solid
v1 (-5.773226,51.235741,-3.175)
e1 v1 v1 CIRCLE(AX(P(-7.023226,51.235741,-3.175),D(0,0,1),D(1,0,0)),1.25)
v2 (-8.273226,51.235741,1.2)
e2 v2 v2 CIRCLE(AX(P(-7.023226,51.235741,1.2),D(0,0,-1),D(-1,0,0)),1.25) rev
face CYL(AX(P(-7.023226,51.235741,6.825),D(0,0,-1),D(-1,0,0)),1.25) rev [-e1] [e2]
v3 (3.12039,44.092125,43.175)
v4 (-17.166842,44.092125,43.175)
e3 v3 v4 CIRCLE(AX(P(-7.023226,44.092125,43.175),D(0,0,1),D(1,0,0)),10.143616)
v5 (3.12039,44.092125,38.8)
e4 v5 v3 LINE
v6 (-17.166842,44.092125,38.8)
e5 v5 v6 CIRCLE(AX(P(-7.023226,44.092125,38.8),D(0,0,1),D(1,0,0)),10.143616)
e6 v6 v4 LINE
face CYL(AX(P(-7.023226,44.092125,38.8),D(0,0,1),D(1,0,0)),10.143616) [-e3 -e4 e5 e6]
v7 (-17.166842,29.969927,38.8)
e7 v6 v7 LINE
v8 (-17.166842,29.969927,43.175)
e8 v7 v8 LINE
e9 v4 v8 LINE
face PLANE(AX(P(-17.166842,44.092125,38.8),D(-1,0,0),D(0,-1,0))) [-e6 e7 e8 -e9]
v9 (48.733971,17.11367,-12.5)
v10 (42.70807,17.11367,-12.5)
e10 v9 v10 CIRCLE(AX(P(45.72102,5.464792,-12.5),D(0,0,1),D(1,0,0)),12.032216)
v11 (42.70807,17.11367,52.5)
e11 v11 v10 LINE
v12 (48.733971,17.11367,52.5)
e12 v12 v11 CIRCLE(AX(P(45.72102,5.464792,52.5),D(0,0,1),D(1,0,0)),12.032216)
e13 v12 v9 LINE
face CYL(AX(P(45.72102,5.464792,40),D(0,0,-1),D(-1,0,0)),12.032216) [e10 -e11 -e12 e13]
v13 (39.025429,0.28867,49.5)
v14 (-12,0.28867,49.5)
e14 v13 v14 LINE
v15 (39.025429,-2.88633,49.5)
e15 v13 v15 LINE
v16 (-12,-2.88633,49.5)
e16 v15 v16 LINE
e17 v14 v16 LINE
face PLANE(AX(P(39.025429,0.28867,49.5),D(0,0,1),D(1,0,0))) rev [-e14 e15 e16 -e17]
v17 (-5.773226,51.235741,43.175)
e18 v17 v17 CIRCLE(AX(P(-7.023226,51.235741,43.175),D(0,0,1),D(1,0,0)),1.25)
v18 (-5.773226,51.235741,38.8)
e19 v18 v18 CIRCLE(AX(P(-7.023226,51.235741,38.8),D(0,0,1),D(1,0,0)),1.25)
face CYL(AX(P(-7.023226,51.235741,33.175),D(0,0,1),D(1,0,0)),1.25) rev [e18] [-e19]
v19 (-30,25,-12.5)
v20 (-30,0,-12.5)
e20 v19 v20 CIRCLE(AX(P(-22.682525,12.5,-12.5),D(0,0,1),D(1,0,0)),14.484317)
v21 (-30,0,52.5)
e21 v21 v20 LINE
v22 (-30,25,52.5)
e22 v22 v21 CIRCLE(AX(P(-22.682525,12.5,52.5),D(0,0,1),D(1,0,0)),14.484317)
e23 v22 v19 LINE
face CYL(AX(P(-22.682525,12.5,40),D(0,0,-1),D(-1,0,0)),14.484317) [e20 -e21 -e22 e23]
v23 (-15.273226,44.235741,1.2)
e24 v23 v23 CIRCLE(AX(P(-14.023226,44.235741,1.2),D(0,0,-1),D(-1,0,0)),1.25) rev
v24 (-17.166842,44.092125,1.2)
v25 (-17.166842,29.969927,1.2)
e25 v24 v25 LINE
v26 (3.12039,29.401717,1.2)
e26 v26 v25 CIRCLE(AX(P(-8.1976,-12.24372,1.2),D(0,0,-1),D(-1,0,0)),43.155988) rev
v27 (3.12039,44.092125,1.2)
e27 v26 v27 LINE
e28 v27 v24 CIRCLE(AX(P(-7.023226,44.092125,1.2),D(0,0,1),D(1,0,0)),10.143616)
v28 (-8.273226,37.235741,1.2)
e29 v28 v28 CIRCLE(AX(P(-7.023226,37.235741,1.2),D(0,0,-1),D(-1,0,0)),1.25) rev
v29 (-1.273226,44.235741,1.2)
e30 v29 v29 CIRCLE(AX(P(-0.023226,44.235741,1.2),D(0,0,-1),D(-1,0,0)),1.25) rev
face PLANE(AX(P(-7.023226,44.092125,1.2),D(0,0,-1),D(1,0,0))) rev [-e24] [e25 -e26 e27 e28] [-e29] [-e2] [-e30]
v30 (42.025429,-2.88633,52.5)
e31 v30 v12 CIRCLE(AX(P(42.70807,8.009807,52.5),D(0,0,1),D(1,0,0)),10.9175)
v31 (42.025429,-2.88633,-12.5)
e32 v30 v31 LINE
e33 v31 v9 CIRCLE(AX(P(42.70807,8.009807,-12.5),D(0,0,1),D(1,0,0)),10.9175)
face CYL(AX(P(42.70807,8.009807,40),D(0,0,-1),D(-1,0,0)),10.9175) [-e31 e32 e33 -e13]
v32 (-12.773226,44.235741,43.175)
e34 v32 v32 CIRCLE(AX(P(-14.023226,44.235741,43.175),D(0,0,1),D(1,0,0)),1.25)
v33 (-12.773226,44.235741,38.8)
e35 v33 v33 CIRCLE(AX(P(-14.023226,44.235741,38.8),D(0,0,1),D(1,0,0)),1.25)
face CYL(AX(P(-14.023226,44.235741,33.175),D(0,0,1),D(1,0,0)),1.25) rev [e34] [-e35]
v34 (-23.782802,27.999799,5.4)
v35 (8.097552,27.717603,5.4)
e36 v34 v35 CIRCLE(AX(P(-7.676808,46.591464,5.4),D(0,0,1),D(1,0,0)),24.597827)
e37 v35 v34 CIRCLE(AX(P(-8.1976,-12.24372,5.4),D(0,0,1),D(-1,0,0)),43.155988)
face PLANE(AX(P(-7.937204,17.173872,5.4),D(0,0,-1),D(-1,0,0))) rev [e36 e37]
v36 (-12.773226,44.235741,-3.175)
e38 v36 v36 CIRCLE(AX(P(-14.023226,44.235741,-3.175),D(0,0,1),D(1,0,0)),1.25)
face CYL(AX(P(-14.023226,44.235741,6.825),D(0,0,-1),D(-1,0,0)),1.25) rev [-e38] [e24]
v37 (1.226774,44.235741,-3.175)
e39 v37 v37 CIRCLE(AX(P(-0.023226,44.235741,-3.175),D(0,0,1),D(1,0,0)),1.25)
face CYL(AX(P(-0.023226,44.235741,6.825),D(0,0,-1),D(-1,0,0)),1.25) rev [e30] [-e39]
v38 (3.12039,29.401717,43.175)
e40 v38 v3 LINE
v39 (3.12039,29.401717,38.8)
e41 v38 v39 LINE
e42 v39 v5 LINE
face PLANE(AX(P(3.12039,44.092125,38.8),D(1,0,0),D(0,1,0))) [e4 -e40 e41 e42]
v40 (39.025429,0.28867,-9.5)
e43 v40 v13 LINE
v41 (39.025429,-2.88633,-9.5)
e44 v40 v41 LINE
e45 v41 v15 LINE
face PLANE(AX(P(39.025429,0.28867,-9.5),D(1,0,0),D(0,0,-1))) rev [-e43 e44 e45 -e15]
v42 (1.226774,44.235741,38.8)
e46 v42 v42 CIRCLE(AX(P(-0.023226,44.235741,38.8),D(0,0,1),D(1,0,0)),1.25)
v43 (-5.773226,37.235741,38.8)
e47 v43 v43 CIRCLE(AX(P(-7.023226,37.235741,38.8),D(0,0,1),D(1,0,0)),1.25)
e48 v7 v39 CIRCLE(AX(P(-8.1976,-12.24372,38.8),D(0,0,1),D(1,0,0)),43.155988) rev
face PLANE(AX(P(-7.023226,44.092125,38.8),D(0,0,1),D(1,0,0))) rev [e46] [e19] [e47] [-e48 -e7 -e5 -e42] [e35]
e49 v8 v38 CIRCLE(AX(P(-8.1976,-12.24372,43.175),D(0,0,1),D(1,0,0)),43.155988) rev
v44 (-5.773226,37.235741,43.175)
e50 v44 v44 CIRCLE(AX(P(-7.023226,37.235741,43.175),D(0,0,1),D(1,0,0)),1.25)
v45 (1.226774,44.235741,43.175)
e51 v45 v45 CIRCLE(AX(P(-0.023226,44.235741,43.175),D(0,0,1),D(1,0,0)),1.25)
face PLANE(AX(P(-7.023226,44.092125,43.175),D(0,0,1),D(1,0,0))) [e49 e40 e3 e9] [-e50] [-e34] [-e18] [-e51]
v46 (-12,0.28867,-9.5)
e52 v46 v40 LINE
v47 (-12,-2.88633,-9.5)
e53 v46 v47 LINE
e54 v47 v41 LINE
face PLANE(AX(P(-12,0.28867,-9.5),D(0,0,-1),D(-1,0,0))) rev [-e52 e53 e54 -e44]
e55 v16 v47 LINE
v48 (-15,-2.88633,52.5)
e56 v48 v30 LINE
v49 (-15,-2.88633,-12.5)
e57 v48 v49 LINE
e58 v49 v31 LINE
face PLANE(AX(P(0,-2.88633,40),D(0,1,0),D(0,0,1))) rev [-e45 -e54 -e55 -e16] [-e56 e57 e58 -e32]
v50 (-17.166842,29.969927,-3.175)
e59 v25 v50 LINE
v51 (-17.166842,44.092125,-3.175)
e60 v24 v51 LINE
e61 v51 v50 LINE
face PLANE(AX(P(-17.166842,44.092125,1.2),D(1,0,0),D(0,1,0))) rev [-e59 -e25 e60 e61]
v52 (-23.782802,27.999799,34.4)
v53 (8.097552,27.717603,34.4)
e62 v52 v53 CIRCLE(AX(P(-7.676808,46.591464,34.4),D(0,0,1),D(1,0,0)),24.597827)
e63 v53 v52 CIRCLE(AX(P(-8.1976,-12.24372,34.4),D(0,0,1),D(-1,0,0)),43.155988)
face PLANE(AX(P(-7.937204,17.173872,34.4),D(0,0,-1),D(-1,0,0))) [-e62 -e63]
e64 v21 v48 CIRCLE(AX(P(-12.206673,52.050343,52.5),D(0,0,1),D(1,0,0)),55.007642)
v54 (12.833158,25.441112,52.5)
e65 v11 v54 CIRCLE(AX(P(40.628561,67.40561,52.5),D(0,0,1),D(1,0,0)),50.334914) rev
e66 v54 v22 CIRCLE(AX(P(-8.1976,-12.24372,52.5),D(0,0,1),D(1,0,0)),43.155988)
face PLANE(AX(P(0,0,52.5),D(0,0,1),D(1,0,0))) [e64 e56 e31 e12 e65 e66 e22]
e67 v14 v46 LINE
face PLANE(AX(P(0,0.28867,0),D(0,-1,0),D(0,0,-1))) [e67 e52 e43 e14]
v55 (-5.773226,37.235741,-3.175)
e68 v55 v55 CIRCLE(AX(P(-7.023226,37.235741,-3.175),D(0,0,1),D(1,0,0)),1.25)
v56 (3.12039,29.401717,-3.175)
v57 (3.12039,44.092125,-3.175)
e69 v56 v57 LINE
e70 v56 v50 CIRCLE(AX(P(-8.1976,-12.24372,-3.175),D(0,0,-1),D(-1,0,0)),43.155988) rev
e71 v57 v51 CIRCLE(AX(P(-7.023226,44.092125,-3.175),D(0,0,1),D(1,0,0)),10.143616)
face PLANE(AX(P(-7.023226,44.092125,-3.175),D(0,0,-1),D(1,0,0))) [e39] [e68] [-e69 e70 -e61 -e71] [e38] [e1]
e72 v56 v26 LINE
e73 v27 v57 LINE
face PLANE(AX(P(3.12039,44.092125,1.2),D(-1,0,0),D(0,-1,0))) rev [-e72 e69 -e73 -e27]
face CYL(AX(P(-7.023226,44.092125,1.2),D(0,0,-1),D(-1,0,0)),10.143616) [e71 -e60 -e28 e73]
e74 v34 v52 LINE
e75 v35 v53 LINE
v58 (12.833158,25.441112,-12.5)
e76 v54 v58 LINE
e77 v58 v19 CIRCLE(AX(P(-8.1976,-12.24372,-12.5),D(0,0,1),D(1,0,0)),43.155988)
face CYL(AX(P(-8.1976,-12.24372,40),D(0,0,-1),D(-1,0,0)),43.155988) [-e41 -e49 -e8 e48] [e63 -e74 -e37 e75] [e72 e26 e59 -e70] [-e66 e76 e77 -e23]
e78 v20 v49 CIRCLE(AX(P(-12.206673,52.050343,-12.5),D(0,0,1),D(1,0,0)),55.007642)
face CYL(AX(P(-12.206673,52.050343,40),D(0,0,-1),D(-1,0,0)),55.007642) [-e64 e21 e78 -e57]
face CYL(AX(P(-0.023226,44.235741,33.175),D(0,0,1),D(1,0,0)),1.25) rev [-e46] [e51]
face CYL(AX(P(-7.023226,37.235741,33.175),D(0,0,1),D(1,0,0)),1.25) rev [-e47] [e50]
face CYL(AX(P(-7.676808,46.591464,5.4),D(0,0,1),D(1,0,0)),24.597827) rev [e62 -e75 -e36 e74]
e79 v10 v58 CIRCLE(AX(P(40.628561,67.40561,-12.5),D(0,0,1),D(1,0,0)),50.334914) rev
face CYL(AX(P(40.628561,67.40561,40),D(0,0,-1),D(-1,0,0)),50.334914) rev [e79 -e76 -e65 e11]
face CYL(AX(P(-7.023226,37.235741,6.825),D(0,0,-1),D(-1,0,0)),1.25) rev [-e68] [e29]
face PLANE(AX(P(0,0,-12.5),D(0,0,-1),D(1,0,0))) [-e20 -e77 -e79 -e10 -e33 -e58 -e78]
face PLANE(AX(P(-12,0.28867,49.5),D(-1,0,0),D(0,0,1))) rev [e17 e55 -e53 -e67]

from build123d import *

# Parameters (mm, degrees)
BOSS_EXTRUDE1_DEPTH = 40
BOSS_EXTRUDE2_START = -1.2
BOSS_EXTRUDE2_DEPTH = 4.375
CUT_EXTRUDE2_START  = -29
CUT_EXTRUDE2_DEPTH  = 29
SKETCH10_R          = 1.25
CUT_EXTRUDE4_DEPTH  = 10
BOSS_EXTRUDE3_DEPTH = 12.5
SKETCH5_W           = 51.025429481
SKETCH5_H           = 59
CUT_EXTRUDE3_DEPTH  = 3.175


with BuildPart() as part:
    # Sketch1 → Boss-Extrude1 (new body)
    with BuildSketch(Plane.XY):
        with BuildLine():
            Line((-15, -2.886329782), (42.025429481, -2.886329782))
            ThreePointArc((42.025429481, -2.886329782), (53.05879951, 4.537892473), (48.73397068, 17.113670218))
            ThreePointArc((48.73397068, 17.113670218), (45.721020148, 17.497008544), (42.708069616, 17.113670218))
            ThreePointArc((42.708069616, 17.113670218), (27.113259503, 18.919115101), (12.833158081, 25.441111501))
            ThreePointArc((12.833158081, 25.441111501), (-8.642012727, 30.909979938), (-30, 25))
            ThreePointArc((-30, 25), (-37.166841919, 12.5), (-30, 0))
            ThreePointArc((-30, 0), (-22.60067635, -1.966370959), (-15, -2.886329782))
        make_face()
    extrude(amount=BOSS_EXTRUDE1_DEPTH)

    # Sketch3 → Boss-Extrude2 (add)
    with BuildSketch(Plane.XY.offset(40).offset(BOSS_EXTRUDE2_START)):
        with BuildLine():
            Line((-17.166841919, 44.092125176), (-17.166841919, 16.592125176))
            Line((-17.166841919, 16.592125176), (3.120389758, 16.592125176))
            Line((3.120389758, 16.592125176), (3.120389758, 44.092125176))
            ThreePointArc((3.120389758, 44.092125176), (-7.02322608, 54.235741015), (-17.166841919, 44.092125176))
        make_face()
    boss_extrude2 = extrude(amount=BOSS_EXTRUDE2_DEPTH)

    # Sketch4 → Cut-Extrude2 (cut)
    with BuildSketch(Plane.XY.offset(34.4).offset(CUT_EXTRUDE2_START)):
        with BuildLine():
            ThreePointArc((-23.782802313, 27.999798652), (-7.894532573, 21.994601327), (8.097551753, 27.717603087))
            ThreePointArc((8.097551753, 27.717603087), (-7.81561096, 30.910577643), (-23.782802313, 27.999798652))
        make_face()
    extrude(amount=CUT_EXTRUDE2_DEPTH, mode=Mode.SUBTRACT)

    # Sketch10 → Cut-Extrude4 (cut)
    with BuildSketch(Plane.XY.offset(43.175)):
        with Locations((-7.02322608, 51.235741015)):
            Circle(SKETCH10_R)
        with Locations((-0.02322608, 44.235741015)):
            Circle(SKETCH10_R)
        with Locations((-7.02322608, 37.235741015)):
            Circle(SKETCH10_R)
        with Locations((-14.02322608, 44.235741015)):
            Circle(SKETCH10_R)
    cut_extrude4 = extrude(amount=-CUT_EXTRUDE4_DEPTH, mode=Mode.SUBTRACT)

    # Sketch6 → Boss-Extrude3 (add)
    with BuildSketch(Plane.XY.offset(40)):
        with BuildLine():
            ThreePointArc((12.833158081, 25.441111501), (8.097551753, 27.717603087), (3.120389758, 29.401717013))
            Line((3.120389758, 29.401717013), (3.120389758, 16.592125176))
            Line((3.120389758, 16.592125176), (-17.166841919, 16.592125176))
            Line((-17.166841919, 16.592125176), (-17.166841919, 29.969927353))
            ThreePointArc((-17.166841919, 29.969927353), (-23.782802313, 27.999798652), (-30, 25))
            ThreePointArc((-30, 25), (-37.166841919, 12.5), (-30, 0))
            ThreePointArc((-30, 0), (-22.60067635, -1.966370959), (-15, -2.886329782))
            Line((-15, -2.886329782), (42.025429481, -2.886329782))
            ThreePointArc((42.025429481, -2.886329782), (53.05879951, 4.537892473), (48.73397068, 17.113670218))
            ThreePointArc((48.73397068, 17.113670218), (45.721020148, 17.497008544), (42.708069616, 17.113670218))
            ThreePointArc((42.708069616, 17.113670218), (27.113259503, 18.919115101), (12.833158081, 25.441111501))
        make_face()
        with BuildLine():
            Line((3.120389758, 16.592125176), (3.120389758, 29.401717013))
            ThreePointArc((3.120389758, 29.401717013), (-6.989349265, 30.895351044), (-17.166841919, 29.969927353))
            Line((-17.166841919, 29.969927353), (-17.166841919, 16.592125176))
            Line((-17.166841919, 16.592125176), (3.120389758, 16.592125176))
        make_face()
    boss_extrude3 = extrude(amount=BOSS_EXTRUDE3_DEPTH)

    # Mirror4: Boss-Extrude3 across plane
    add(boss_extrude3.mirror(Plane(origin=(0, 0, 20), x_dir=(1, 0, 0), z_dir=(0, 0, -1))))

    # Sketch5 → Cut-Extrude3 (cut)
    with BuildSketch(Plane.XZ.offset(2.886329782)):
        with Locations((13.512714741, 20)):
            Rectangle(SKETCH5_W, SKETCH5_H)
    extrude(amount=-CUT_EXTRUDE3_DEPTH, mode=Mode.SUBTRACT)

    # Mirror5: Boss-Extrude2, Cut-Extrude4 across plane
    add(boss_extrude2.mirror(Plane(origin=(0, 0, 20), x_dir=(1, 0, 0), z_dir=(0, 0, -1))))
    add(cut_extrude4.mirror(Plane(origin=(0, 0, 20), x_dir=(1, 0, 0), z_dir=(0, 0, -1))), mode=Mode.SUBTRACT)


solid = part.part
